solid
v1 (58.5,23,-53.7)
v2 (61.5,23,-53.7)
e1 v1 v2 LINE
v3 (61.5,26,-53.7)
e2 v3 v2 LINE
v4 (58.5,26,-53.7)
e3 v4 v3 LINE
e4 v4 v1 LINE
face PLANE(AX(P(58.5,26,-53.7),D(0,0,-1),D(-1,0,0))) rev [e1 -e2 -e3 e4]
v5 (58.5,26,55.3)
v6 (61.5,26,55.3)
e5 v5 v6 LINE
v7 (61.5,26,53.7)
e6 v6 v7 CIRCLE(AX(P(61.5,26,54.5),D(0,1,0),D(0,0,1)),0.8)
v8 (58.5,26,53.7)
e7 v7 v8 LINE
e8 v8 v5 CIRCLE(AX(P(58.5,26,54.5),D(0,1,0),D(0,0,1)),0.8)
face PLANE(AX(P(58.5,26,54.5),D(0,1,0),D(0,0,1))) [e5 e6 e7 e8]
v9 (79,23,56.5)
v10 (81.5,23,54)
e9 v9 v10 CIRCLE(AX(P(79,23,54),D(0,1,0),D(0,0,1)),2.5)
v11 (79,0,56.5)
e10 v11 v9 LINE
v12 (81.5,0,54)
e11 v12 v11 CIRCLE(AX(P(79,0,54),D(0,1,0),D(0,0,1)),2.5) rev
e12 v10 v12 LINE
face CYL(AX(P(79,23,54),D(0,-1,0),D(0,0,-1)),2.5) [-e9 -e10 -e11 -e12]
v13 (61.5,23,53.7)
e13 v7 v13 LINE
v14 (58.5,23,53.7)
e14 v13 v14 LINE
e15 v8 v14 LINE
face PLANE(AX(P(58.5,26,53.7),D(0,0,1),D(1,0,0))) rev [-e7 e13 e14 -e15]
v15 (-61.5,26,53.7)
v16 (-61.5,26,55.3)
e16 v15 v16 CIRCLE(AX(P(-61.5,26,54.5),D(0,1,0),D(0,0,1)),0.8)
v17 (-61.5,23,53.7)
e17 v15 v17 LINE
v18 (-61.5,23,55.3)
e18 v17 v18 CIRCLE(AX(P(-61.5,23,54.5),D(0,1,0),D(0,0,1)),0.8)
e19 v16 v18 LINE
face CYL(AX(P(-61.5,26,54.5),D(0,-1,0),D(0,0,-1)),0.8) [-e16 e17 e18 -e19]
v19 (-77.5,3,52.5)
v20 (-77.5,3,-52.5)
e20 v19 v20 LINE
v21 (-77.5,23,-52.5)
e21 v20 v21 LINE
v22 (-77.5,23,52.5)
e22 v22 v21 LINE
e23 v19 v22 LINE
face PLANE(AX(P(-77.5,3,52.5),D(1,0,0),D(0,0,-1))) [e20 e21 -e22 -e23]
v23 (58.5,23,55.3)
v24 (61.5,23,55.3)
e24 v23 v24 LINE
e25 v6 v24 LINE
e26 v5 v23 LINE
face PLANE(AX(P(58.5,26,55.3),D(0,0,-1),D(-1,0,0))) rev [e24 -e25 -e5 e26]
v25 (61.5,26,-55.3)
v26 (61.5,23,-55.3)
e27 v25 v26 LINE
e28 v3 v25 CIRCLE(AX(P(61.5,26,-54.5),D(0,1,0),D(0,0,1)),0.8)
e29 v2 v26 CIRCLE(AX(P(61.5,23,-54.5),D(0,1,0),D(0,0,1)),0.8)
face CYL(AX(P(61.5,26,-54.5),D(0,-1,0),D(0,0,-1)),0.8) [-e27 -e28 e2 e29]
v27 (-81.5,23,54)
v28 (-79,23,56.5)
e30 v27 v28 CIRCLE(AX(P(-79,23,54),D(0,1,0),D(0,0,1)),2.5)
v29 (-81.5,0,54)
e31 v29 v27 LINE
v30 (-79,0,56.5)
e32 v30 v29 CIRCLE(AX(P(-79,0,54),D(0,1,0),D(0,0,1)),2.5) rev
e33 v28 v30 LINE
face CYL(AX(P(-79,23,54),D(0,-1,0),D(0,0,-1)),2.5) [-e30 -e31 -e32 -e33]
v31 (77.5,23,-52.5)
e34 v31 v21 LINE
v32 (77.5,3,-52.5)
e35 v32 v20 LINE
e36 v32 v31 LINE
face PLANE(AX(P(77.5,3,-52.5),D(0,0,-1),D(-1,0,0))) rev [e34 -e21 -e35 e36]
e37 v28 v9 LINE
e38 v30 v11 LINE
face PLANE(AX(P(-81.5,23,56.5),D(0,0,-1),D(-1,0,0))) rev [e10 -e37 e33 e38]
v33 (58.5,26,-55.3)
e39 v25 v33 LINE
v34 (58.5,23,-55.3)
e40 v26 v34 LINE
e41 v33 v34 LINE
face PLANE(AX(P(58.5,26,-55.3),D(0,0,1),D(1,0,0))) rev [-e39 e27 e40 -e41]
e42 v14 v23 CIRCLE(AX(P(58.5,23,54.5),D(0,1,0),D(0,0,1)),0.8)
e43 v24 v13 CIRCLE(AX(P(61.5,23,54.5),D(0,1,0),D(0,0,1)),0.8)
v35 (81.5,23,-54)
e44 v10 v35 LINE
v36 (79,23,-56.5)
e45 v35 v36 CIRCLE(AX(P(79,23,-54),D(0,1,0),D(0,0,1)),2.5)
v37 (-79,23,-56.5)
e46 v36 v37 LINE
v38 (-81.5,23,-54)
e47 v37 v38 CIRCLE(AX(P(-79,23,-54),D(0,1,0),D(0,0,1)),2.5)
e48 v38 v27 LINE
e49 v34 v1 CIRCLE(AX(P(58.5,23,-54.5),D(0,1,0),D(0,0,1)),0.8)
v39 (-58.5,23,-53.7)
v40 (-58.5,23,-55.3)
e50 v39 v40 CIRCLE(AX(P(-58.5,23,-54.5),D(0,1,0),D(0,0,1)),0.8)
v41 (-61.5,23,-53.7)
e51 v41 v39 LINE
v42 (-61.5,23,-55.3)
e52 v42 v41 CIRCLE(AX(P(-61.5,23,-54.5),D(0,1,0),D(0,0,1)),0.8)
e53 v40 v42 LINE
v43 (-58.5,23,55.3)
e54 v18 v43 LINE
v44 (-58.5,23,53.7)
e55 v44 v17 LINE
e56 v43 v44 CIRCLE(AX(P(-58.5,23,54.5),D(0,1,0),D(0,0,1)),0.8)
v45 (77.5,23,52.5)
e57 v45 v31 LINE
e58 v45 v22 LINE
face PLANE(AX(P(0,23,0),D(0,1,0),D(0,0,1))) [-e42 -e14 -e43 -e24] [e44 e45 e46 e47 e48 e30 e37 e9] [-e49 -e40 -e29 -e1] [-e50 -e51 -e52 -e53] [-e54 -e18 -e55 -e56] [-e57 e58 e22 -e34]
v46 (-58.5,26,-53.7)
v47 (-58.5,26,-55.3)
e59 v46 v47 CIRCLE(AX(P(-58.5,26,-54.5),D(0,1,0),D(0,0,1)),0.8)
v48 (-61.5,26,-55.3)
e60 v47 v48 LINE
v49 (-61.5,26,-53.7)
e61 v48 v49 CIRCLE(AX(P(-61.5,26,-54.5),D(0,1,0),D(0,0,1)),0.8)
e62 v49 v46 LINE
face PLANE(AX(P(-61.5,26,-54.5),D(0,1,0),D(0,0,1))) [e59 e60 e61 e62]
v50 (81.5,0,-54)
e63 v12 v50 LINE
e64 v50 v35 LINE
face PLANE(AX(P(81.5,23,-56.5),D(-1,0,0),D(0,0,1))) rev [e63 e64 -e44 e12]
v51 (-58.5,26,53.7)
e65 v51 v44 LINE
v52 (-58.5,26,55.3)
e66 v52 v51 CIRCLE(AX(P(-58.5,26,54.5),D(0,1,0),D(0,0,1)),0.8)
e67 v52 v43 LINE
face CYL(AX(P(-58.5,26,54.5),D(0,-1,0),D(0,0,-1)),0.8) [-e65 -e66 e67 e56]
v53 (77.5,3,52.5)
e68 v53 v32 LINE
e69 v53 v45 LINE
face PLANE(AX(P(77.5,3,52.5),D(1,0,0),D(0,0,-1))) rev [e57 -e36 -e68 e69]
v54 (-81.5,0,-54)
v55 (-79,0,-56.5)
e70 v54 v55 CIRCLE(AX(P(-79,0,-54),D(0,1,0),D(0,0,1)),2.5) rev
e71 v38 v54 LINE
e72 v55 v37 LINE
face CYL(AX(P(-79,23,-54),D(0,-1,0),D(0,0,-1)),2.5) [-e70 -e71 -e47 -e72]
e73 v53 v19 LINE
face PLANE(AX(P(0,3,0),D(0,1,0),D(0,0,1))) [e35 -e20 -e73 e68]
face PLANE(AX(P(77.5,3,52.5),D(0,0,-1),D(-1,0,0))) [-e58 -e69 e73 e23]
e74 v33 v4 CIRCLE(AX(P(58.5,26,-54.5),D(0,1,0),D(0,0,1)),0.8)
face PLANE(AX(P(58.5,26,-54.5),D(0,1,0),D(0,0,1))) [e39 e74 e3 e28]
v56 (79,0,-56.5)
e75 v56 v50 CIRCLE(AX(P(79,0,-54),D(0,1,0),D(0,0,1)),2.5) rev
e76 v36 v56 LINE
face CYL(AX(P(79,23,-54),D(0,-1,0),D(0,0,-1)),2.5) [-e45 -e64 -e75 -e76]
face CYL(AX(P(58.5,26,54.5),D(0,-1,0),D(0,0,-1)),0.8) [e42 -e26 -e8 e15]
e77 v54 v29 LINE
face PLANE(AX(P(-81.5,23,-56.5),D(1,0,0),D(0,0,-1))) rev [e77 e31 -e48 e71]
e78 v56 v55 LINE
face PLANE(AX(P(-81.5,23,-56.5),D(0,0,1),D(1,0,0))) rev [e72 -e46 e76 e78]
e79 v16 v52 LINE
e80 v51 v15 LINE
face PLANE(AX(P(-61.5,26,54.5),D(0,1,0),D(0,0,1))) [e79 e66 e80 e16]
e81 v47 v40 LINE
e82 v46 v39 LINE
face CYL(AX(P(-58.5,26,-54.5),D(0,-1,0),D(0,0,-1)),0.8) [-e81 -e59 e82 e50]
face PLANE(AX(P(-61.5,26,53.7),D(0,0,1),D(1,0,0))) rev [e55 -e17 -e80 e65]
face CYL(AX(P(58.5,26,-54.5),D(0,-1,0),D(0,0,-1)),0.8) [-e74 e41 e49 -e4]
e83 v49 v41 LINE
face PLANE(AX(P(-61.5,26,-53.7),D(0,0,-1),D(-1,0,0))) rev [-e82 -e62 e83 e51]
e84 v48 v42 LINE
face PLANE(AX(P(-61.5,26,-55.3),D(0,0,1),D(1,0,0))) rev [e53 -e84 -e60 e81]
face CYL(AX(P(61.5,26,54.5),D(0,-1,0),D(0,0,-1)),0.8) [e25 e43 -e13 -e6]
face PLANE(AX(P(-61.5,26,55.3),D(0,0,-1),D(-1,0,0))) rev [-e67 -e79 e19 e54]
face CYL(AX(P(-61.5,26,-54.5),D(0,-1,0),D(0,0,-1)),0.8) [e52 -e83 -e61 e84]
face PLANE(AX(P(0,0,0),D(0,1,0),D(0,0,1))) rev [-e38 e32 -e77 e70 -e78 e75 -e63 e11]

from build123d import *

# Parameters (mm, degrees)
SKETCH1_W           = 163
SKETCH1_H           = 113
OUTERCUT_DEPTH      = 23
FILLET2_R           = 2.5
FILLET3_R           = 2.5
SKETCH2_W           = 155
SKETCH2_H           = 105
INNERCUT_DEPTH      = 20
BOSS_EXTRUDE5_DEPTH = 3


with BuildPart() as part:
    # Sketch1 → OuterCut (new body)
    with BuildSketch(Plane(origin=(0, 0, 0), x_dir=(1, 0, 0), z_dir=(0, 1, 0))):
        Rectangle(SKETCH1_W, SKETCH1_H)
    extrude(amount=OUTERCUT_DEPTH)

    # Fillet2
    fillet2_edges = [part.edges().sort_by_distance(p)[0] for p in [
        (81.5, 11.5, 56.5),
    ]]
    fillet(fillet2_edges, radius=FILLET2_R)

    # Fillet3
    fillet3_edges = [part.edges().sort_by_distance(p)[0] for p in [
        (-81.5, 11.5, 56.5),
        (-81.5, 11.5, -56.5),
        (81.5, 11.5, -56.5),
    ]]
    fillet(fillet3_edges, radius=FILLET3_R)

    # Sketch2 → InnerCut (cut)
    with BuildSketch(Plane(origin=(0, 23, 0), x_dir=(1, 0, 0), z_dir=(0, 1, 0))):
        Rectangle(SKETCH2_W, SKETCH2_H)
    extrude(amount=-INNERCUT_DEPTH, mode=Mode.SUBTRACT)

    # Sketch9 → Boss-Extrude5 (add)
    with BuildSketch(Plane(origin=(0, 23, 0), x_dir=(1, 0, 0), z_dir=(0, 1, 0))):
        with BuildLine():
            Line((58.5, -53.7), (61.5, -53.7))
            ThreePointArc((61.5, -53.7), (62.3, -54.5), (61.5, -55.3))
            Line((61.5, -55.3), (58.5, -55.3))
            ThreePointArc((58.5, -55.3), (57.7, -54.5), (58.5, -53.7))
        make_face()
        with BuildLine():
            Line((-61.5, -53.7), (-58.5, -53.7))
            ThreePointArc((-58.5, -53.7), (-57.7, -54.5), (-58.5, -55.3))
            Line((-58.5, -55.3), (-61.5, -55.3))
            ThreePointArc((-61.5, -55.3), (-62.3, -54.5), (-61.5, -53.7))
        make_face()
        with BuildLine():
            Line((-61.5, 55.3), (-58.5, 55.3))
            ThreePointArc((-58.5, 55.3), (-57.7, 54.5), (-58.5, 53.7))
            Line((-58.5, 53.7), (-61.5, 53.7))
            ThreePointArc((-61.5, 53.7), (-62.3, 54.5), (-61.5, 55.3))
        make_face()
        with BuildLine():
            Line((58.5, 55.3), (61.5, 55.3))
            ThreePointArc((61.5, 55.3), (62.3, 54.5), (61.5, 53.7))
            Line((61.5, 53.7), (58.5, 53.7))
            ThreePointArc((58.5, 53.7), (57.7, 54.5), (58.5, 55.3))
        make_face()
    extrude(amount=BOSS_EXTRUDE5_DEPTH)


solid = part.part
